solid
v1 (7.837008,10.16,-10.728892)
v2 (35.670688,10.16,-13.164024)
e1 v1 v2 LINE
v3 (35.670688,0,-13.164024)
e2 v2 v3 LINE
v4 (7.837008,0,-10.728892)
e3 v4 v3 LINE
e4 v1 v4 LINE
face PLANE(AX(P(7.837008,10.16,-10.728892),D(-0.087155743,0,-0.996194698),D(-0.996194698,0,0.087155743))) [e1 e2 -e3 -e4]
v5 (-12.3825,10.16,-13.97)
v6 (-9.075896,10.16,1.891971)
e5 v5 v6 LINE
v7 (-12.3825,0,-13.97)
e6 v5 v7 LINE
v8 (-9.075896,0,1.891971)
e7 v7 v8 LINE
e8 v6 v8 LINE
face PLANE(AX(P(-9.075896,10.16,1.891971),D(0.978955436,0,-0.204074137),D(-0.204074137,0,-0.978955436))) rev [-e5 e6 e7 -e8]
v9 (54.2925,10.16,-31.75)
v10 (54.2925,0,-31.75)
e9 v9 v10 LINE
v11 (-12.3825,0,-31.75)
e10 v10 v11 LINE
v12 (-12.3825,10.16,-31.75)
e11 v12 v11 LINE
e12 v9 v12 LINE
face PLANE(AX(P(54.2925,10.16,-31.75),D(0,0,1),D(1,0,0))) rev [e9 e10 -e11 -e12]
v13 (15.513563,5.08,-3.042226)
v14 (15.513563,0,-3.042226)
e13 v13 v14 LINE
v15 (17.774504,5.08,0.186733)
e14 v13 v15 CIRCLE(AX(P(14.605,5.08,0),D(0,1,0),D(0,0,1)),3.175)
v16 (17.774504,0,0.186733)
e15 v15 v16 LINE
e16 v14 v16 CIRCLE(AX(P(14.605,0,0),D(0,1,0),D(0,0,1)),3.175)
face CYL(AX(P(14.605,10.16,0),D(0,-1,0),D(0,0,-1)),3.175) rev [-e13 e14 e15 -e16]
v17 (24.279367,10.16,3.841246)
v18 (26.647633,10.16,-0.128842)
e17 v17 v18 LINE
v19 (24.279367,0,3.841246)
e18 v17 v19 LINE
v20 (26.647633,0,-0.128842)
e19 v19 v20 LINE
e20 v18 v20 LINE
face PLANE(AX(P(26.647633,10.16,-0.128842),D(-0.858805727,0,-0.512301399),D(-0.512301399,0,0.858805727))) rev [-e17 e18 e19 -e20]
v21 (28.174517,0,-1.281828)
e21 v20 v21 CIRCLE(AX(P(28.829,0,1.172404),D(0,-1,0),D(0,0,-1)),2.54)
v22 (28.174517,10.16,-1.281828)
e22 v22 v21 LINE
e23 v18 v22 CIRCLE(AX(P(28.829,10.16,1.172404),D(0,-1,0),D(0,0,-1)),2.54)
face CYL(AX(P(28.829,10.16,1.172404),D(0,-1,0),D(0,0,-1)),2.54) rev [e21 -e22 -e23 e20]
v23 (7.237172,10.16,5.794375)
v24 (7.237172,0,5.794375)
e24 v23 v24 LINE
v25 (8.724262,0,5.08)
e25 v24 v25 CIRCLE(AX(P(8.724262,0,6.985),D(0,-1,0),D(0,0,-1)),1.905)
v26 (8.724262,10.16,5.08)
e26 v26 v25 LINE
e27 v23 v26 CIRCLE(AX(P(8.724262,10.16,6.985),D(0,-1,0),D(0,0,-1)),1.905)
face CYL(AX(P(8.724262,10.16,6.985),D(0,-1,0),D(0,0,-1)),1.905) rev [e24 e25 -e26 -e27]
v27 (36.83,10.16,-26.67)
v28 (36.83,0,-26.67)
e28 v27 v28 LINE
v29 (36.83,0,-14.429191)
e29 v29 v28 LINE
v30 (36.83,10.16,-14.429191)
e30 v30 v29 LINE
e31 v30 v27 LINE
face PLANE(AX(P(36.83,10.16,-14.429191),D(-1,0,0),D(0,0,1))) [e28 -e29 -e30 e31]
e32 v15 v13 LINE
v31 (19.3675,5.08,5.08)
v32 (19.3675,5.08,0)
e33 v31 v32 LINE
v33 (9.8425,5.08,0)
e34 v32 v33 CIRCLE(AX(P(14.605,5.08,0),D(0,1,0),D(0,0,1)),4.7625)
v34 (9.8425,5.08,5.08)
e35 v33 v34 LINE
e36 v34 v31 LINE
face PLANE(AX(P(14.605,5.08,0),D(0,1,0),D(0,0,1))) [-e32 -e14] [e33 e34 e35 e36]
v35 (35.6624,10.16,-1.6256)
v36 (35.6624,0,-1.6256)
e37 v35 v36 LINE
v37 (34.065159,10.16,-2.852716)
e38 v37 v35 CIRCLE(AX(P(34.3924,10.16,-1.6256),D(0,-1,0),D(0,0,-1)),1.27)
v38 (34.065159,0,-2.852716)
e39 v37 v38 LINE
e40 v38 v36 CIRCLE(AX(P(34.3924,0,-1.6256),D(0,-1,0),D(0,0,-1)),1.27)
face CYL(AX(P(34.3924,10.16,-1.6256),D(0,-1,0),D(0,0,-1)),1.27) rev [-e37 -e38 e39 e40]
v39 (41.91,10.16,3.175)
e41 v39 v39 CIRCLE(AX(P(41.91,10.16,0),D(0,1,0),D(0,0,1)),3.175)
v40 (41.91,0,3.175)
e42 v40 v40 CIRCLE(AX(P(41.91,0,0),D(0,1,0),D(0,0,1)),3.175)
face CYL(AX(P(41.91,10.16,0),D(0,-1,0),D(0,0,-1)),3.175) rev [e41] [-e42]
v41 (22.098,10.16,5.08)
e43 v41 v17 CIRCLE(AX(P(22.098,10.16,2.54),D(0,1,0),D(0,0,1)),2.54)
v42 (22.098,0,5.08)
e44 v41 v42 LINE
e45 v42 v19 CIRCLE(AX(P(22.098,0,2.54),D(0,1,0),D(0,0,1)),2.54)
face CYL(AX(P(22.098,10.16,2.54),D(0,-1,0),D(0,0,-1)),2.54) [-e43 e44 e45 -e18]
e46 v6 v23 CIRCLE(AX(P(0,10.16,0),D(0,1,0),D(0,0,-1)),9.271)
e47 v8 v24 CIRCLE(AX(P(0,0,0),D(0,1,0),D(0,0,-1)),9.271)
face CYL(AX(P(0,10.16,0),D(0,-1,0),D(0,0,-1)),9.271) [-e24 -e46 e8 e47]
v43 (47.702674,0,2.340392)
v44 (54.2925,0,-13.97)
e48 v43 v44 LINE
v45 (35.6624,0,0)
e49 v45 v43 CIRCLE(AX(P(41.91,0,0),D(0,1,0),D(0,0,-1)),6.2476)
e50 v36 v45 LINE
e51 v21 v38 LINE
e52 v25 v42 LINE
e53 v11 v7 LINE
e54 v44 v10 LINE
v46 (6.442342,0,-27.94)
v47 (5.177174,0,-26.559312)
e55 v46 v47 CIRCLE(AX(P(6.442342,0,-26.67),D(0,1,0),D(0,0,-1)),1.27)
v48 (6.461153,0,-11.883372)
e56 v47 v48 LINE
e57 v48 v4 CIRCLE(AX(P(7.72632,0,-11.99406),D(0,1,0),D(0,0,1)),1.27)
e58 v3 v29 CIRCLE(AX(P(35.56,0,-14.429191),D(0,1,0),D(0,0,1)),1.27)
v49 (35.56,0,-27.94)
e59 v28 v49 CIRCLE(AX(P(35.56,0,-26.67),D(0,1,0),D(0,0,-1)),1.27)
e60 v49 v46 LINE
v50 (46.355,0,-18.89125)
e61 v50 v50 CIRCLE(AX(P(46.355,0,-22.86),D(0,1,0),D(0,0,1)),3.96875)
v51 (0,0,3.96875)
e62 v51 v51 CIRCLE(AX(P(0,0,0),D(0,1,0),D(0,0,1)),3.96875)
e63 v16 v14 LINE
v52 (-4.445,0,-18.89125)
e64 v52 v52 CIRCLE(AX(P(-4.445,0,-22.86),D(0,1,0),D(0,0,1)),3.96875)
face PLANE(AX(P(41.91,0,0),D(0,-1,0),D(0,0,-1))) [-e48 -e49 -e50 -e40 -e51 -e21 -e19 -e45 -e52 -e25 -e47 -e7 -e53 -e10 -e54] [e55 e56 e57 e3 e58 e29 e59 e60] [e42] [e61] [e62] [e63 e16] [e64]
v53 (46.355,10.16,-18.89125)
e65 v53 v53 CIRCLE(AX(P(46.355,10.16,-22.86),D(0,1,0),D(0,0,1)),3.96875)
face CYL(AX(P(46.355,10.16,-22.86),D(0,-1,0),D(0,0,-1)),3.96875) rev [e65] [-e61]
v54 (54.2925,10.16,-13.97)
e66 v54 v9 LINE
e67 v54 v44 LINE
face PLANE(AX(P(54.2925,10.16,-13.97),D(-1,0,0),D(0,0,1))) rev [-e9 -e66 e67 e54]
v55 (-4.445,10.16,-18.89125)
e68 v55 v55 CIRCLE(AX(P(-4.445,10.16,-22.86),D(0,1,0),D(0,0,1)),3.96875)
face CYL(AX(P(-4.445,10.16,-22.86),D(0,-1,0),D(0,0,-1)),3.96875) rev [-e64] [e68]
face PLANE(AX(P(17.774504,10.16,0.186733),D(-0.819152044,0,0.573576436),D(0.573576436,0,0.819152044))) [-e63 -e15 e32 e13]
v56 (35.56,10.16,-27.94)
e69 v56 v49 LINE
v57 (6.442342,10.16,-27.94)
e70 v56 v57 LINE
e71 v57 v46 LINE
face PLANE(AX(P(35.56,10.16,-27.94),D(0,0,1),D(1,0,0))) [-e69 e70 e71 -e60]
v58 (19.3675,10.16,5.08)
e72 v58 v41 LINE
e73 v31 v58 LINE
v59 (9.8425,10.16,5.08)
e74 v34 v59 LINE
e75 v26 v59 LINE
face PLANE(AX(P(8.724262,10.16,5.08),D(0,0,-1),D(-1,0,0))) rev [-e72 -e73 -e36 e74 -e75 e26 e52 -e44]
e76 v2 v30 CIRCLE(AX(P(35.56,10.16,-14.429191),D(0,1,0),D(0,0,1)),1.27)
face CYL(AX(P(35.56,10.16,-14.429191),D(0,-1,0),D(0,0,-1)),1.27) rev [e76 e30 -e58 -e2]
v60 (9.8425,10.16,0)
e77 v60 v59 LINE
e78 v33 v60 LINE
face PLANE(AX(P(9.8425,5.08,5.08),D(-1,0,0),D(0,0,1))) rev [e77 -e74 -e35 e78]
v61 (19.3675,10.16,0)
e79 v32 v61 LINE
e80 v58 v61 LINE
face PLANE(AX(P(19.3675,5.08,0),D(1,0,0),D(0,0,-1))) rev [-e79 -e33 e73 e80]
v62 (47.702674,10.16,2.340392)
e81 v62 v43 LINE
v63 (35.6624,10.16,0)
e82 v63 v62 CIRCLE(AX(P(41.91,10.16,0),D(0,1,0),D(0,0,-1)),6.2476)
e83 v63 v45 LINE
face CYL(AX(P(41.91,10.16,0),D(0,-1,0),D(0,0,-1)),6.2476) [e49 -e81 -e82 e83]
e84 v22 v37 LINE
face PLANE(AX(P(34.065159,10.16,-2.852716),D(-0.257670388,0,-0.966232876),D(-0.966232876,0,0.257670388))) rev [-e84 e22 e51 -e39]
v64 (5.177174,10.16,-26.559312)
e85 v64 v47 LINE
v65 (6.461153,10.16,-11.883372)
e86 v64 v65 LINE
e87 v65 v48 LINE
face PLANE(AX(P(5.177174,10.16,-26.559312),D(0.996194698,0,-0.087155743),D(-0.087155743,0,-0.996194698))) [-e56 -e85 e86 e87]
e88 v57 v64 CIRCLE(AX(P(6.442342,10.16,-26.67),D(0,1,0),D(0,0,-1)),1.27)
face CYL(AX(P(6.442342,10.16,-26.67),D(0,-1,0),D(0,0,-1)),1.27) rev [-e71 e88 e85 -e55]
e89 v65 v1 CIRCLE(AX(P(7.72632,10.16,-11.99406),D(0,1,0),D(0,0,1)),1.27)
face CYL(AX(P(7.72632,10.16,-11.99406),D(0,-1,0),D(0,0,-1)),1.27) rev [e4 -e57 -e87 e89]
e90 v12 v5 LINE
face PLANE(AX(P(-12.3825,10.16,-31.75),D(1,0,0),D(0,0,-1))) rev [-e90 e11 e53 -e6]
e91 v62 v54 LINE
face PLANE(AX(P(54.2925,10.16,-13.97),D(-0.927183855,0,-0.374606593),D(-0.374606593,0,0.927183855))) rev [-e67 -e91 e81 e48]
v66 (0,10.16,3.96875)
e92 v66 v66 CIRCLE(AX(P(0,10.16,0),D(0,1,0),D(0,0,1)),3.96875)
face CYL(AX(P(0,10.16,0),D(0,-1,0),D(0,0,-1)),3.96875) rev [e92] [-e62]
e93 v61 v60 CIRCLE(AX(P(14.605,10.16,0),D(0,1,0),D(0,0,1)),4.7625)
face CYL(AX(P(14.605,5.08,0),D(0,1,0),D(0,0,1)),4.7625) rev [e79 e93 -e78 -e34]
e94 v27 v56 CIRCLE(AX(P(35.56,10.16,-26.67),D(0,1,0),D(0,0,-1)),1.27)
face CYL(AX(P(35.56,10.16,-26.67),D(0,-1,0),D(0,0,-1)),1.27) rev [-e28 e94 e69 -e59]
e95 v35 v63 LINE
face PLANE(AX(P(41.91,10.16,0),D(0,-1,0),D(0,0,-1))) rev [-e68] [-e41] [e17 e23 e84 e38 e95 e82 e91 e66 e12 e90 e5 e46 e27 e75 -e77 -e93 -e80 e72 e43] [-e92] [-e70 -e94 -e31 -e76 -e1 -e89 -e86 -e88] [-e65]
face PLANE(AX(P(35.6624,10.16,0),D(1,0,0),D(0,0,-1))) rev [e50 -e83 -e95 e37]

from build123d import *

# Parameters (mm, degrees)
SKETCH3_R           = 3.96875
SKETCH3_R_2         = 3.175
BOSS_EXTRUDE4_DEPTH = 10.16
CUT_EXTRUDE3_DEPTH  = 5.08


with BuildPart() as part:
    # Sketch3 → Boss-Extrude4 (new body)
    with BuildSketch(Plane(origin=(0, 0, 0), x_dir=(1, 0, 0), z_dir=(0, 1, 0))):
        with BuildLine():
            Line((54.2925, 31.75), (-12.3825, 31.75))
            Line((-12.3825, 31.75), (-12.3825, 13.97))
            Line((-12.3825, 13.97), (-9.075895852, -1.891971323))
            ThreePointArc((-9.075895852, -1.891971323), (-2.156945737, -9.016597256), (7.237172055, -5.794375))
            ThreePointArc((7.237172055, -5.794375), (7.899373007, -5.267856205), (8.724262204, -5.08))
            Line((8.724262204, -5.08), (22.098, -5.08))
            ThreePointArc((22.098, -5.08), (23.352279932, -4.748705923), (24.279366546, -3.841245553))
            Line((24.279366546, -3.841245553), (26.647633454, 0.128841561))
            ThreePointArc((26.647633454, 0.128841561), (27.298361404, 0.854600075), (28.174517214, 1.281827513))
            Line((28.174517214, 1.281827513), (34.065158638, 2.852715753))
            ThreePointArc((34.065158638, 2.852715753), (35.166125897, 2.632698945), (35.662400031, 1.6256))
            Line((35.662400031, 1.6256), (35.662400031, 0))
            ThreePointArc((35.662400031, 0), (40.717901726, -6.132813961), (47.702673821, -2.340392141))
            Line((47.702673821, -2.340392141), (54.2925, 13.97))
            Line((54.2925, 13.97), (54.2925, 31.75))
        make_face()
        Circle(SKETCH3_R, mode=Mode.SUBTRACT)
        with Locations((-4.445, 22.86)):
            Circle(SKETCH3_R, mode=Mode.SUBTRACT)
        with Locations((46.355, 22.86)):
            Circle(SKETCH3_R, mode=Mode.SUBTRACT)
        with Locations((41.91, 0)):
            Circle(SKETCH3_R_2, mode=Mode.SUBTRACT)
        with BuildLine():
            Line((17.774504023, -0.186733089), (15.513562514, 3.04222602))
            ThreePointArc((15.513562514, 3.04222602), (12.004192259, -1.821105185), (17.774504023, -0.186733089))
        make_face(mode=Mode.SUBTRACT)
        with BuildLine():
            Line((36.83, 14.42919116), (36.83, 26.67))
            ThreePointArc((36.83, 26.67), (36.458025612, 27.568025612), (35.56, 27.94))
            Line((35.56, 27.94), (6.442341733, 27.94))
            ThreePointArc((6.442341733, 27.94), (5.505999515, 27.527999564), (5.177174467, 26.559312207))
            Line((5.177174467, 26.559312207), (6.461152869, 11.883371914))
            ThreePointArc((6.461152869, 11.883371914), (6.909979871, 11.021183265), (7.837007929, 10.728892441))
            Line((7.837007929, 10.728892441), (35.670687793, 13.164023894))
            ThreePointArc((35.670687793, 13.164023894), (36.496342218, 13.571191596), (36.83, 14.42919116))
        make_face(mode=Mode.SUBTRACT)
    extrude(amount=BOSS_EXTRUDE4_DEPTH)

    # Sketch5 → Cut-Extrude3 (cut)
    with BuildSketch(Plane(origin=(0, 10.16, 0), x_dir=(1, 0, 0), z_dir=(0, 1, 0))):
        with BuildLine():
            Line((19.3675, 0), (19.3675, -5.08))
            Line((19.3675, -5.08), (9.8425, -5.08))
            Line((9.8425, -5.08), (9.8425, 0))
            ThreePointArc((9.8425, 0), (14.605, 4.7625), (19.3675, 0))
        make_face()
    extrude(amount=-CUT_EXTRUDE3_DEPTH, mode=Mode.SUBTRACT)


solid = part.part
